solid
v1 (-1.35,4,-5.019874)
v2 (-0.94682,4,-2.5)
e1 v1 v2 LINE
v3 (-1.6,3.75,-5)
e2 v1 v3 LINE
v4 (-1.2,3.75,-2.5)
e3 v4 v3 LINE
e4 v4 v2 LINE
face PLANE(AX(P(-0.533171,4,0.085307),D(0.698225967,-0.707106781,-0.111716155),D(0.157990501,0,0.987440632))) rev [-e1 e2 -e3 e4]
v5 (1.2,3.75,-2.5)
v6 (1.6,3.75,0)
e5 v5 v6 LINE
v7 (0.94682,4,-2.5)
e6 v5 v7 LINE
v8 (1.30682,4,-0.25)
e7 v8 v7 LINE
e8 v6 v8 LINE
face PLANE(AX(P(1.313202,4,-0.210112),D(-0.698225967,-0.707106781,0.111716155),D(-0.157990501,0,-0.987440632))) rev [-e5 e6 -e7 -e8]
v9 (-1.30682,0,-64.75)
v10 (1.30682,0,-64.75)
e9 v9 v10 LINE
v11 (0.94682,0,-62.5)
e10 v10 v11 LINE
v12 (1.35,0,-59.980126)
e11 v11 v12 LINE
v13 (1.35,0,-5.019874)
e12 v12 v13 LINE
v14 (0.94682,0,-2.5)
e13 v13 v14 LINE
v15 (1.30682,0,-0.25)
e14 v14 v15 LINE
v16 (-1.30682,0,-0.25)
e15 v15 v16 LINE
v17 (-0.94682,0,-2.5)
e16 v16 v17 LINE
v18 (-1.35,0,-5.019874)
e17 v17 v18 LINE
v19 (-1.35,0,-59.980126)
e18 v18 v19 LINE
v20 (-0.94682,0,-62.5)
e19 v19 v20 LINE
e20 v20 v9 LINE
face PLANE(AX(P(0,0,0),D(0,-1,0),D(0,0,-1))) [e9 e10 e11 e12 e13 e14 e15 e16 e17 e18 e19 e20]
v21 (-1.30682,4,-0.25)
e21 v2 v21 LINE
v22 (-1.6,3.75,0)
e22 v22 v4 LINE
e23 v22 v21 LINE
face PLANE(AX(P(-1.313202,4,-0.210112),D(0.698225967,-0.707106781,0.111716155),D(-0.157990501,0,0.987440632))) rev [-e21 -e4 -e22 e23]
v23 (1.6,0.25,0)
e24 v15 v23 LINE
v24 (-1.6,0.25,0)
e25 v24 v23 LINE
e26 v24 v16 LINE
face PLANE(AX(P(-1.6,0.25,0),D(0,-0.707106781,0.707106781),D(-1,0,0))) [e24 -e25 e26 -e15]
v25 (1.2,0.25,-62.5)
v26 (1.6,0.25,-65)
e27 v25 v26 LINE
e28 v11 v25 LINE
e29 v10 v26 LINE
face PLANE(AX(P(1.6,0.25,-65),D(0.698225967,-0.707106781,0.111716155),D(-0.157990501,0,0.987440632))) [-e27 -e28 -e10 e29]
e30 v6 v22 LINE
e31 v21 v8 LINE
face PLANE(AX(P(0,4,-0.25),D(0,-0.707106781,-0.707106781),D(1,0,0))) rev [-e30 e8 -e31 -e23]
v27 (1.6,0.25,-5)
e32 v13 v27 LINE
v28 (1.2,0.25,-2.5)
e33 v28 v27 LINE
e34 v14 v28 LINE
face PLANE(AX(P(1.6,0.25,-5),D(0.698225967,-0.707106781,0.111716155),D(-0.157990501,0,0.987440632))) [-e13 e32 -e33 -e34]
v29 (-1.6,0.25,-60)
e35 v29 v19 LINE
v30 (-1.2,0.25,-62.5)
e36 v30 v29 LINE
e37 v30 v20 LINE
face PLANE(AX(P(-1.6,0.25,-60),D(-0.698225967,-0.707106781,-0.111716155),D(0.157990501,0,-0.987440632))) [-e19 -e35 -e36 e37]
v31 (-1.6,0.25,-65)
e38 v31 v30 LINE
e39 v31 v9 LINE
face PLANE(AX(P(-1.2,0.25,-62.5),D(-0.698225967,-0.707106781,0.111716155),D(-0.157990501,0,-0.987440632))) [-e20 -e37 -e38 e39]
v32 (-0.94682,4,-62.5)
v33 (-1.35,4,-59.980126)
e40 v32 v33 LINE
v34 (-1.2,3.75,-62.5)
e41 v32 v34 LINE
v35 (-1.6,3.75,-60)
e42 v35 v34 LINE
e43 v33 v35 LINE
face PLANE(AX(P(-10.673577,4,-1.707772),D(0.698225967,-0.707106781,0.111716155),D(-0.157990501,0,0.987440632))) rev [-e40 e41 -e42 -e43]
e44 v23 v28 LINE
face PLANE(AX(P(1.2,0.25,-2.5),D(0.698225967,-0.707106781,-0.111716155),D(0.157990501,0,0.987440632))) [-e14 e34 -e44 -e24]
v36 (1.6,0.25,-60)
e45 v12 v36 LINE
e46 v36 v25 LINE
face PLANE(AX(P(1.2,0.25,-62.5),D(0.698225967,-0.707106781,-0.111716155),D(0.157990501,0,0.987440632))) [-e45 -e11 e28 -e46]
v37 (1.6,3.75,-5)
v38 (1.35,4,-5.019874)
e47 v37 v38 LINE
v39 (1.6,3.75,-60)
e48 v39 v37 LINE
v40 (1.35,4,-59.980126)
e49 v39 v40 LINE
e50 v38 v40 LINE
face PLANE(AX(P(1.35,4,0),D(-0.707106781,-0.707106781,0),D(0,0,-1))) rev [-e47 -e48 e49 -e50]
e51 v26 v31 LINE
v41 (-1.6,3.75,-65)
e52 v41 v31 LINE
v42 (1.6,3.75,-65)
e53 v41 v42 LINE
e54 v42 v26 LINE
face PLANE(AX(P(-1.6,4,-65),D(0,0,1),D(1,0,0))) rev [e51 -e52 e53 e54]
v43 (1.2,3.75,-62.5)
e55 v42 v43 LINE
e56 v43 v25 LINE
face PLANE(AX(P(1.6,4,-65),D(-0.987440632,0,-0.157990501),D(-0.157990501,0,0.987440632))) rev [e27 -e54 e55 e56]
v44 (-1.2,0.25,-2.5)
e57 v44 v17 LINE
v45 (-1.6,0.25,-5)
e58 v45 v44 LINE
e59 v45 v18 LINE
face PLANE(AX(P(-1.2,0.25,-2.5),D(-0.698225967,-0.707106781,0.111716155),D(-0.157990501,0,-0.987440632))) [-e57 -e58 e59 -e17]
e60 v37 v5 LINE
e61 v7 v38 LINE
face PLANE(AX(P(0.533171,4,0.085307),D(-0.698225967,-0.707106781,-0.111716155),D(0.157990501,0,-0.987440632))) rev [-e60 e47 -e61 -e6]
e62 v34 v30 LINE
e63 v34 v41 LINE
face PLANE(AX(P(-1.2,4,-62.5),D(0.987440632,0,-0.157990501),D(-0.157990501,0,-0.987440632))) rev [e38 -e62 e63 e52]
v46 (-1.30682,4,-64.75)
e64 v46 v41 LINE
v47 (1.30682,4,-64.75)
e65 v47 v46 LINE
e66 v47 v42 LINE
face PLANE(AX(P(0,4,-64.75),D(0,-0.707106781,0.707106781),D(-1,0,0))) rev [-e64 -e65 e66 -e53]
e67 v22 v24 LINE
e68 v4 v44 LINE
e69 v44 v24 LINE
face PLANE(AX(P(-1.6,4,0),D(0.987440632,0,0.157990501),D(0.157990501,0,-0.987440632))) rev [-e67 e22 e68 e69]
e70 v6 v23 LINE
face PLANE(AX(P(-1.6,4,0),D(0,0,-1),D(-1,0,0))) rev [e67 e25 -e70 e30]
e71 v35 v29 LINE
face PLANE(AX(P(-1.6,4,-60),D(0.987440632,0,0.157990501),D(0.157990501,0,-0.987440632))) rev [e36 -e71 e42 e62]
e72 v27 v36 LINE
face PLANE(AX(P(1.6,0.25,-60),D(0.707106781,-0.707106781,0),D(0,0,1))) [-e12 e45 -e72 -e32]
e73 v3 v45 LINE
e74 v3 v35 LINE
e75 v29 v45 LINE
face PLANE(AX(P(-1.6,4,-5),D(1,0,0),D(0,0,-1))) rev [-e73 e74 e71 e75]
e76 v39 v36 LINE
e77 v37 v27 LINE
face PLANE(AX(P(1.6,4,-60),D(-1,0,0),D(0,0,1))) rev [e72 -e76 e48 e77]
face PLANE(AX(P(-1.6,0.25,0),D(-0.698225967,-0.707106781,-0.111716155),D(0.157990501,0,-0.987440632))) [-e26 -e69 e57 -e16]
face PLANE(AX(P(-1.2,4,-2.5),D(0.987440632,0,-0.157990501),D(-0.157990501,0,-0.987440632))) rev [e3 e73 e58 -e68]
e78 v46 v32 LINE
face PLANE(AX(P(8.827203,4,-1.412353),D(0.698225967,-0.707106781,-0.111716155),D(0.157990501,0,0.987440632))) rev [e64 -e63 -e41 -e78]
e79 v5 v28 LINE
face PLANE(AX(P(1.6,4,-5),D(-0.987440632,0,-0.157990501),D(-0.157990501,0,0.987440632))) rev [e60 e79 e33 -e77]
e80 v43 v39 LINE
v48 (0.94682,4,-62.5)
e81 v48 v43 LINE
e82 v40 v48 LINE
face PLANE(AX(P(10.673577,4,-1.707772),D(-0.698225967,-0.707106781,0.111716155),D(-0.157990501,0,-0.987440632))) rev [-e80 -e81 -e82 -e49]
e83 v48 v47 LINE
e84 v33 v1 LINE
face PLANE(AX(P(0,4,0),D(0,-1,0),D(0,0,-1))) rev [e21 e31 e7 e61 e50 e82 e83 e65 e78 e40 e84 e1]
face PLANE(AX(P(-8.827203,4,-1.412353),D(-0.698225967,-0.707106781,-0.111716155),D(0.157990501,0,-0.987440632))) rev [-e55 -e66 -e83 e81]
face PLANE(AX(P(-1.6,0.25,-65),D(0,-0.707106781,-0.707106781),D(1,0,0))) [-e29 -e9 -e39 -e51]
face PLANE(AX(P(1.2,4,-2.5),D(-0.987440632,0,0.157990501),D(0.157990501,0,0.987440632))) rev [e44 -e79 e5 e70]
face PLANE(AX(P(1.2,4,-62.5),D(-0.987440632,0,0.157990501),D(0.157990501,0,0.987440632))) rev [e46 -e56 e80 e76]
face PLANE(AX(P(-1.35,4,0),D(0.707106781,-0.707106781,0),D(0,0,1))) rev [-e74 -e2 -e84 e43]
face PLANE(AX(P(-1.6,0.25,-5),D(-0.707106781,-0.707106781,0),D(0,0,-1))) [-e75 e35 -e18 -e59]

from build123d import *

# Parameters (mm, degrees)
BOSS_EXTRUDE1_DEPTH = 4
CHAMFER1_SIZE       = 0.25


with BuildPart() as part:
    # Sketch1 → Boss-Extrude1 (new body)
    with BuildSketch(Plane(origin=(0, 0, 0), x_dir=(1, 0, 0), z_dir=(0, 1, 0))):
        Polygon((-1.6, 0), (1.6, 0), (1.2, 2.5), (1.6, 5), (1.6, 60), (1.2, 62.5), (1.6, 65), (-1.6, 65), (-1.2, 62.5), (-1.6, 60), (-1.6, 5), (-1.2, 2.5), align=None)
    extrude(amount=BOSS_EXTRUDE1_DEPTH)

    # Chamfer1
    chamfer1_edges = [part.edges().sort_by_distance(p)[0] for p in [
        (-1.4, 0, -3.75),
        (-1.6, 0, -32.5),
        (1.4, 4, -1.25),
        (-1.4, 0, -61.25),
        (-1.4, 0, -63.75),
        (0, 0, -65),
        (1.4, 0, -63.75),
        (1.4, 0, -61.25),
        (1.6, 0, -32.5),
        (1.4, 0, -3.75),
        (1.4, 0, -1.25),
        (0, 0, 0),
        (-1.4, 0, -1.25),
        (1.4, 4, -3.75),
        (1.6, 4, -32.5),
        (1.4, 4, -61.25),
        (1.4, 4, -63.75),
        (0, 4, -65),
        (-1.4, 4, -63.75),
        (-1.4, 4, -61.25),
        (-1.6, 4, -32.5),
        (-1.4, 4, -3.75),
        (-1.4, 4, -1.25),
        (0, 4, 0),
    ]]
    chamfer(chamfer1_edges, length=CHAMFER1_SIZE)


solid = part.part
